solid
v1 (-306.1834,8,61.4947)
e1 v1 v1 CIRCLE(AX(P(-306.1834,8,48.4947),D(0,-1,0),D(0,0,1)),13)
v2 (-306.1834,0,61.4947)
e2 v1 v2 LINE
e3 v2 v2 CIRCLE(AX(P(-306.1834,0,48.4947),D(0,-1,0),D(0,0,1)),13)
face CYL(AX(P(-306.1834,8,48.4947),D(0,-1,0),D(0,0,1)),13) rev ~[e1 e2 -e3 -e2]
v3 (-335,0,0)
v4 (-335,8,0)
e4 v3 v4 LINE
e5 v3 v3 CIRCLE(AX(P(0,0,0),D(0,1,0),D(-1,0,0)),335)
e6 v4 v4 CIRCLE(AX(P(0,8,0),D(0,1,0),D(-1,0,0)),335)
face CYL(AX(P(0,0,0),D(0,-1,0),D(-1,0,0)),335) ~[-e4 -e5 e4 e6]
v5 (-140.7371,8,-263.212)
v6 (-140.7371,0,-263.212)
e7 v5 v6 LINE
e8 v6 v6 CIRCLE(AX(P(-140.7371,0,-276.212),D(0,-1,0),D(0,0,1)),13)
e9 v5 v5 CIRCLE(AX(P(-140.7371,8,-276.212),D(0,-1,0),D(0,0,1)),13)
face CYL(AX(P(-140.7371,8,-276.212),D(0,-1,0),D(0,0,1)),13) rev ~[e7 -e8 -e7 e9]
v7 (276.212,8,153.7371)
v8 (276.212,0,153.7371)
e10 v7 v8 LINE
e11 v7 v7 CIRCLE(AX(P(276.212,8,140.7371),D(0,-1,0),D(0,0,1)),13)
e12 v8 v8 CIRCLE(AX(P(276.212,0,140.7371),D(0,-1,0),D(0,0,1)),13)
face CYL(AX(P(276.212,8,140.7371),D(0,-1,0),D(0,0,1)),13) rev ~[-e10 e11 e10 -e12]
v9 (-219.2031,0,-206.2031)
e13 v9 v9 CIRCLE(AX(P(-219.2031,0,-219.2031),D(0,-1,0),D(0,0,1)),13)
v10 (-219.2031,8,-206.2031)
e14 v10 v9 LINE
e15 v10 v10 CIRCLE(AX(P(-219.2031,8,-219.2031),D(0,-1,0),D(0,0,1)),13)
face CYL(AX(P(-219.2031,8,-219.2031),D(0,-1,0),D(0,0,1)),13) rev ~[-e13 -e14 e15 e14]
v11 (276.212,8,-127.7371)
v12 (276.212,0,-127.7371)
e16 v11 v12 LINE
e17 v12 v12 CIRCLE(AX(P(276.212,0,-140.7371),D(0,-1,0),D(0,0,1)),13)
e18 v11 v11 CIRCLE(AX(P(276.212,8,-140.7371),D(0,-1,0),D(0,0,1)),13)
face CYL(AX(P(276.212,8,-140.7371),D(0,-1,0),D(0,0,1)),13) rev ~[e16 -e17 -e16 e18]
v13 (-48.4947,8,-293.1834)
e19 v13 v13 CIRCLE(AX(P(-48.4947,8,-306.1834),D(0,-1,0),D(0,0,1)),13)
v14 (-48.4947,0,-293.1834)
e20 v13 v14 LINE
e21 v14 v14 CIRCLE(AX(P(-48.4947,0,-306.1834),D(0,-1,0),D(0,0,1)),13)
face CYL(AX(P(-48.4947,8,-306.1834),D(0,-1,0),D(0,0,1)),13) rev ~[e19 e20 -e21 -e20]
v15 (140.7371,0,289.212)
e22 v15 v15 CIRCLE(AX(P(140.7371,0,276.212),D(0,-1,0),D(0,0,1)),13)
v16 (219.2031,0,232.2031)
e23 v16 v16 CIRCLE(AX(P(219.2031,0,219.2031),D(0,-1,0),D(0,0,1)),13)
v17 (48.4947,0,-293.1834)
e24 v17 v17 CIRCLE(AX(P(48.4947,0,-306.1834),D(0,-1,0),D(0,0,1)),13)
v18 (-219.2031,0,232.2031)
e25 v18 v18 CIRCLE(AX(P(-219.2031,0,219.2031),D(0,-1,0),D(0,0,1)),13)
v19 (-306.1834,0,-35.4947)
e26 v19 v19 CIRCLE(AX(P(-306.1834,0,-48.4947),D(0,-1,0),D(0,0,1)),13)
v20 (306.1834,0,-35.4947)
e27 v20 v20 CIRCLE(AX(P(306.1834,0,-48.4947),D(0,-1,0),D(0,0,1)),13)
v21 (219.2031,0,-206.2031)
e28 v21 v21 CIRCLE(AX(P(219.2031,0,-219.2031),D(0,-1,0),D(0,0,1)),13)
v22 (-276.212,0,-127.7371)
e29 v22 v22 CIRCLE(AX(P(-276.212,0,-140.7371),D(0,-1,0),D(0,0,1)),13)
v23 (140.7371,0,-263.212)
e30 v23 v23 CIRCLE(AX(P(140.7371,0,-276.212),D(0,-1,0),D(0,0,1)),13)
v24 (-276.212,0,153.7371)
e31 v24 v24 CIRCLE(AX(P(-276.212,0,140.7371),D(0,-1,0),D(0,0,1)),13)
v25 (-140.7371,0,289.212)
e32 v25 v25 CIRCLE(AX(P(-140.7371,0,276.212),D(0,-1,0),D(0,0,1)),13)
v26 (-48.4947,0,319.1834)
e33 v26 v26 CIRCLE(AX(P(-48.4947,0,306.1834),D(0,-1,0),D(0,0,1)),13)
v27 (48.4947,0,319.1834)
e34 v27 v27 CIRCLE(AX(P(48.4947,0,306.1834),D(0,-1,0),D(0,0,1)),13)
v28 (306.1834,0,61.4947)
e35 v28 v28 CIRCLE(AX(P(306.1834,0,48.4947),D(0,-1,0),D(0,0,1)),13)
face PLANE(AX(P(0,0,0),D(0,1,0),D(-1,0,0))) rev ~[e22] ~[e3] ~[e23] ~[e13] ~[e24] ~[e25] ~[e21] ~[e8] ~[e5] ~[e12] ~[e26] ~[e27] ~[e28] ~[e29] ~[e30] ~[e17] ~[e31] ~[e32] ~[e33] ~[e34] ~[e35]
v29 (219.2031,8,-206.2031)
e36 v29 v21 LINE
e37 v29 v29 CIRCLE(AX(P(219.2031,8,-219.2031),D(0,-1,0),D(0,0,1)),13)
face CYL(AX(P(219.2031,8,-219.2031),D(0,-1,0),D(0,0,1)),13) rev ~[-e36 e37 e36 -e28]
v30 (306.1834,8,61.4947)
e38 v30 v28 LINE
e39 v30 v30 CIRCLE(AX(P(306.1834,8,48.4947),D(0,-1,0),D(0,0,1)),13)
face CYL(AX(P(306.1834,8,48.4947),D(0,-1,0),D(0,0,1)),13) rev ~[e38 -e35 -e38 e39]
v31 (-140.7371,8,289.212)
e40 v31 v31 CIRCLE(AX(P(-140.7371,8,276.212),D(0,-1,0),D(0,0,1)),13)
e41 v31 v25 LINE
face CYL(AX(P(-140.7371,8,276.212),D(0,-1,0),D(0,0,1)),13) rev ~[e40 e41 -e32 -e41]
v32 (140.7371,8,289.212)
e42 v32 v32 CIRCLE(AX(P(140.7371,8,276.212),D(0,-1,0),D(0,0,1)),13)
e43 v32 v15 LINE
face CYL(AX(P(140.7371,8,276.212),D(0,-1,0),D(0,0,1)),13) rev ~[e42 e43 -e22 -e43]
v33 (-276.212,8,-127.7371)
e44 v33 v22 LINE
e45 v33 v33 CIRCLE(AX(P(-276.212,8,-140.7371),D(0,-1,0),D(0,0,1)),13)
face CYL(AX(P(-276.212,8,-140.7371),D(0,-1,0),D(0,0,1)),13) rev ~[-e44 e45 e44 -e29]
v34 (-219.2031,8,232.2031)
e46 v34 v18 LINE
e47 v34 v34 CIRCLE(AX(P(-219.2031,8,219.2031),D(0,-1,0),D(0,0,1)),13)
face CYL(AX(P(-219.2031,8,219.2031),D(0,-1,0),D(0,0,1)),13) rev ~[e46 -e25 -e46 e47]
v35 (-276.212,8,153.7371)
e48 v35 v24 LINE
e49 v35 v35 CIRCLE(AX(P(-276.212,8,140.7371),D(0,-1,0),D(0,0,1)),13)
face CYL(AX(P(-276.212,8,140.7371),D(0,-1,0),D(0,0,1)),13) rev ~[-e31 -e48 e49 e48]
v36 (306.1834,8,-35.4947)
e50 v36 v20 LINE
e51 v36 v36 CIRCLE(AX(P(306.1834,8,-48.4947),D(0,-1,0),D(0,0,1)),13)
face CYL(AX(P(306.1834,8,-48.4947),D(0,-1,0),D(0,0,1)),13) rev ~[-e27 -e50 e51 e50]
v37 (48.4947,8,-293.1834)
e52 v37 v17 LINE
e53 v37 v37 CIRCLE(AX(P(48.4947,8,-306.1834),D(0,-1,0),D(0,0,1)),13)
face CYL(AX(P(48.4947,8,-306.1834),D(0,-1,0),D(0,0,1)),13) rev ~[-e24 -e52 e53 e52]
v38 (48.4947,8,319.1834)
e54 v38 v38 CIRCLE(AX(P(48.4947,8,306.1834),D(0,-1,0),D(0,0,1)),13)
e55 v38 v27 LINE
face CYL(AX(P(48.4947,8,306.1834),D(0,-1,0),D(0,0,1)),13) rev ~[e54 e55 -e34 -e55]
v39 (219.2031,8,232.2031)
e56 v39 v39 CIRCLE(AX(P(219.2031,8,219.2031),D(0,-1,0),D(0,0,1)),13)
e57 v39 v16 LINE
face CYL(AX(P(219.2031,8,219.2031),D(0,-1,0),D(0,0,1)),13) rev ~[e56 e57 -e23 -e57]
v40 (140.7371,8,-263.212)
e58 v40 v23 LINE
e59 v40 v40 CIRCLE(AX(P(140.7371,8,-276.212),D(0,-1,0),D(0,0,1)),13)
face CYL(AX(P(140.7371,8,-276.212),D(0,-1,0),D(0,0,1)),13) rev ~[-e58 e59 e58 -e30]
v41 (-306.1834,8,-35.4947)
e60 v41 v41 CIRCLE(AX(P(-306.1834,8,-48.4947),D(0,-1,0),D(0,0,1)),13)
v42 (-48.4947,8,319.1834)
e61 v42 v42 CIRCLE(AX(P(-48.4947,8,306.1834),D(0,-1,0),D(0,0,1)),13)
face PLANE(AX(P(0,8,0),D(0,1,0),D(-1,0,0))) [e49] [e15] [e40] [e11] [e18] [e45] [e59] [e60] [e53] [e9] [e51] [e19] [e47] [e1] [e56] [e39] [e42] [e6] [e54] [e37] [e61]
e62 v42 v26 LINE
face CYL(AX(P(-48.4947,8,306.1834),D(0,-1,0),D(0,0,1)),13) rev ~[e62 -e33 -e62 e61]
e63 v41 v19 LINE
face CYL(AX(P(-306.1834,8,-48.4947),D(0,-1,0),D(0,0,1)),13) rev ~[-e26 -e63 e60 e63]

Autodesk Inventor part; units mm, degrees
ref_plane "YZ Plane" through (0, 0, 0) normal (1, 0, 0) x (0, 1, 0)
ref_plane "XZ Plane" through (0, 0, 0) normal (0, 1, 0) x (-1, 0, 0)
ref_plane "XY Plane" through (0, 0, 0) normal (0, 0, 1) x (1, 0, 0)
sketch "Sketch1" plane through (0, 0, 0) normal (0, 1, 0) x (-1, 0, 0)
  circle A0 centre (0, 0) radius 335
  dimension "d0" = 670
extrude "Extrusion1" add sketch "Sketch1" along normal blind 8
sketch "Sketch2" plane through (0, 8, 0) normal (0, 1, 0) x (1, 0, 0)
  circle A0 centre (0, 0) radius 310 construction
  line L0 (0, 0) -> (-310, 0)
  line L1 (0, 0) -> (-306.1834, 48.4947) construction
  point P0 (-306.1834, -48.4947)
  point P1 (-306.1834, -48.4947)
  point P2 (-276.212, -140.7371)
  point P3 (-276.212, -140.7371)
  point P4 (-219.2031, -219.2031)
  point P5 (-219.2031, -219.2031)
  point P6 (-140.7371, -276.212)
  point P7 (-140.7371, -276.212)
  point P8 (-48.4947, -306.1834)
  point P9 (-48.4947, -306.1834)
  point P10 (48.4947, -306.1834)
  point P11 (48.4947, -306.1834)
  point P12 (140.7371, -276.212)
  point P13 (140.7371, -276.212)
  point P14 (219.2031, -219.2031)
  point P15 (219.2031, -219.2031)
  point P16 (276.212, -140.7371)
  point P17 (276.212, -140.7371)
  point P18 (306.1834, -48.4947)
  point P19 (306.1834, -48.4947)
  point P20 (306.1834, 48.4947)
  point P21 (306.1834, 48.4947)
  point P22 (276.212, 140.7371)
  point P23 (276.212, 140.7371)
  point P24 (219.2031, 219.2031)
  point P25 (219.2031, 219.2031)
  point P26 (140.7371, 276.212)
  point P27 (140.7371, 276.212)
  point P28 (48.4947, 306.1834)
  point P29 (48.4947, 306.1834)
  point P30 (-48.4947, 306.1834)
  point P31 (-48.4947, 306.1834)
  point P32 (-140.7371, 276.212)
  point P33 (-140.7371, 276.212)
  point P34 (-219.2031, 219.2031)
  point P35 (-219.2031, 219.2031)
  point P36 (-276.212, 140.7371)
  point P37 (-276.212, 140.7371)
  dimension "d4" = 620
  dimension "d11" = 9
  dimension "d24" = 360
hole "Hole2" at (-306.1834, 8, -48.4947) at (-306.1834, 8, 48.4947) at (-276.212, 8, 140.7371) at (-219.2031, 8, 219.2031) at (-140.7371, 8, 276.212) at (-48.4947, 8, 306.1834) at (48.4947, 8, 306.1834) at (140.7371, 8, 276.212) at (219.2031, 8, 219.2031) at (276.212, 8, 140.7371) at (306.1834, 8, 48.4947) at (306.1834, 8, -48.4947) at (276.212, 8, -140.7371) at (219.2031, 8, -219.2031) at (140.7371, 8, -276.212) at (48.4947, 8, -306.1834) at (-48.4947, 8, -306.1834) at (-140.7371, 8, -276.212) at (-219.2031, 8, -219.2031) at (-276.212, 8, -140.7371) direction (0, -1, 0) diameter 26 end through all
equation "\"d1\" = Thickness"
equation "\"BendRadius\" = Thickness"
equation "\"BendReliefWidth\" = Thickness"
equation "\"BendReliefDepth\" = 0.5 * Thickness"
equation "\"CornerReliefSize\" = 4 * Thickness"
equation "\"MinimumRemnant\" = 2 * Thickness"
equation "\"TransitionRadius\" = BendRadius"
equation "\"JacobiRadiusSize\" = BendRadius"
equation "\"GapSize\" = Thickness"
equation "\"d5\" = Thickness"
equation "\"Thickness\" = 8"
properties part number "PRS 1621 charging hatch D1200 940"
